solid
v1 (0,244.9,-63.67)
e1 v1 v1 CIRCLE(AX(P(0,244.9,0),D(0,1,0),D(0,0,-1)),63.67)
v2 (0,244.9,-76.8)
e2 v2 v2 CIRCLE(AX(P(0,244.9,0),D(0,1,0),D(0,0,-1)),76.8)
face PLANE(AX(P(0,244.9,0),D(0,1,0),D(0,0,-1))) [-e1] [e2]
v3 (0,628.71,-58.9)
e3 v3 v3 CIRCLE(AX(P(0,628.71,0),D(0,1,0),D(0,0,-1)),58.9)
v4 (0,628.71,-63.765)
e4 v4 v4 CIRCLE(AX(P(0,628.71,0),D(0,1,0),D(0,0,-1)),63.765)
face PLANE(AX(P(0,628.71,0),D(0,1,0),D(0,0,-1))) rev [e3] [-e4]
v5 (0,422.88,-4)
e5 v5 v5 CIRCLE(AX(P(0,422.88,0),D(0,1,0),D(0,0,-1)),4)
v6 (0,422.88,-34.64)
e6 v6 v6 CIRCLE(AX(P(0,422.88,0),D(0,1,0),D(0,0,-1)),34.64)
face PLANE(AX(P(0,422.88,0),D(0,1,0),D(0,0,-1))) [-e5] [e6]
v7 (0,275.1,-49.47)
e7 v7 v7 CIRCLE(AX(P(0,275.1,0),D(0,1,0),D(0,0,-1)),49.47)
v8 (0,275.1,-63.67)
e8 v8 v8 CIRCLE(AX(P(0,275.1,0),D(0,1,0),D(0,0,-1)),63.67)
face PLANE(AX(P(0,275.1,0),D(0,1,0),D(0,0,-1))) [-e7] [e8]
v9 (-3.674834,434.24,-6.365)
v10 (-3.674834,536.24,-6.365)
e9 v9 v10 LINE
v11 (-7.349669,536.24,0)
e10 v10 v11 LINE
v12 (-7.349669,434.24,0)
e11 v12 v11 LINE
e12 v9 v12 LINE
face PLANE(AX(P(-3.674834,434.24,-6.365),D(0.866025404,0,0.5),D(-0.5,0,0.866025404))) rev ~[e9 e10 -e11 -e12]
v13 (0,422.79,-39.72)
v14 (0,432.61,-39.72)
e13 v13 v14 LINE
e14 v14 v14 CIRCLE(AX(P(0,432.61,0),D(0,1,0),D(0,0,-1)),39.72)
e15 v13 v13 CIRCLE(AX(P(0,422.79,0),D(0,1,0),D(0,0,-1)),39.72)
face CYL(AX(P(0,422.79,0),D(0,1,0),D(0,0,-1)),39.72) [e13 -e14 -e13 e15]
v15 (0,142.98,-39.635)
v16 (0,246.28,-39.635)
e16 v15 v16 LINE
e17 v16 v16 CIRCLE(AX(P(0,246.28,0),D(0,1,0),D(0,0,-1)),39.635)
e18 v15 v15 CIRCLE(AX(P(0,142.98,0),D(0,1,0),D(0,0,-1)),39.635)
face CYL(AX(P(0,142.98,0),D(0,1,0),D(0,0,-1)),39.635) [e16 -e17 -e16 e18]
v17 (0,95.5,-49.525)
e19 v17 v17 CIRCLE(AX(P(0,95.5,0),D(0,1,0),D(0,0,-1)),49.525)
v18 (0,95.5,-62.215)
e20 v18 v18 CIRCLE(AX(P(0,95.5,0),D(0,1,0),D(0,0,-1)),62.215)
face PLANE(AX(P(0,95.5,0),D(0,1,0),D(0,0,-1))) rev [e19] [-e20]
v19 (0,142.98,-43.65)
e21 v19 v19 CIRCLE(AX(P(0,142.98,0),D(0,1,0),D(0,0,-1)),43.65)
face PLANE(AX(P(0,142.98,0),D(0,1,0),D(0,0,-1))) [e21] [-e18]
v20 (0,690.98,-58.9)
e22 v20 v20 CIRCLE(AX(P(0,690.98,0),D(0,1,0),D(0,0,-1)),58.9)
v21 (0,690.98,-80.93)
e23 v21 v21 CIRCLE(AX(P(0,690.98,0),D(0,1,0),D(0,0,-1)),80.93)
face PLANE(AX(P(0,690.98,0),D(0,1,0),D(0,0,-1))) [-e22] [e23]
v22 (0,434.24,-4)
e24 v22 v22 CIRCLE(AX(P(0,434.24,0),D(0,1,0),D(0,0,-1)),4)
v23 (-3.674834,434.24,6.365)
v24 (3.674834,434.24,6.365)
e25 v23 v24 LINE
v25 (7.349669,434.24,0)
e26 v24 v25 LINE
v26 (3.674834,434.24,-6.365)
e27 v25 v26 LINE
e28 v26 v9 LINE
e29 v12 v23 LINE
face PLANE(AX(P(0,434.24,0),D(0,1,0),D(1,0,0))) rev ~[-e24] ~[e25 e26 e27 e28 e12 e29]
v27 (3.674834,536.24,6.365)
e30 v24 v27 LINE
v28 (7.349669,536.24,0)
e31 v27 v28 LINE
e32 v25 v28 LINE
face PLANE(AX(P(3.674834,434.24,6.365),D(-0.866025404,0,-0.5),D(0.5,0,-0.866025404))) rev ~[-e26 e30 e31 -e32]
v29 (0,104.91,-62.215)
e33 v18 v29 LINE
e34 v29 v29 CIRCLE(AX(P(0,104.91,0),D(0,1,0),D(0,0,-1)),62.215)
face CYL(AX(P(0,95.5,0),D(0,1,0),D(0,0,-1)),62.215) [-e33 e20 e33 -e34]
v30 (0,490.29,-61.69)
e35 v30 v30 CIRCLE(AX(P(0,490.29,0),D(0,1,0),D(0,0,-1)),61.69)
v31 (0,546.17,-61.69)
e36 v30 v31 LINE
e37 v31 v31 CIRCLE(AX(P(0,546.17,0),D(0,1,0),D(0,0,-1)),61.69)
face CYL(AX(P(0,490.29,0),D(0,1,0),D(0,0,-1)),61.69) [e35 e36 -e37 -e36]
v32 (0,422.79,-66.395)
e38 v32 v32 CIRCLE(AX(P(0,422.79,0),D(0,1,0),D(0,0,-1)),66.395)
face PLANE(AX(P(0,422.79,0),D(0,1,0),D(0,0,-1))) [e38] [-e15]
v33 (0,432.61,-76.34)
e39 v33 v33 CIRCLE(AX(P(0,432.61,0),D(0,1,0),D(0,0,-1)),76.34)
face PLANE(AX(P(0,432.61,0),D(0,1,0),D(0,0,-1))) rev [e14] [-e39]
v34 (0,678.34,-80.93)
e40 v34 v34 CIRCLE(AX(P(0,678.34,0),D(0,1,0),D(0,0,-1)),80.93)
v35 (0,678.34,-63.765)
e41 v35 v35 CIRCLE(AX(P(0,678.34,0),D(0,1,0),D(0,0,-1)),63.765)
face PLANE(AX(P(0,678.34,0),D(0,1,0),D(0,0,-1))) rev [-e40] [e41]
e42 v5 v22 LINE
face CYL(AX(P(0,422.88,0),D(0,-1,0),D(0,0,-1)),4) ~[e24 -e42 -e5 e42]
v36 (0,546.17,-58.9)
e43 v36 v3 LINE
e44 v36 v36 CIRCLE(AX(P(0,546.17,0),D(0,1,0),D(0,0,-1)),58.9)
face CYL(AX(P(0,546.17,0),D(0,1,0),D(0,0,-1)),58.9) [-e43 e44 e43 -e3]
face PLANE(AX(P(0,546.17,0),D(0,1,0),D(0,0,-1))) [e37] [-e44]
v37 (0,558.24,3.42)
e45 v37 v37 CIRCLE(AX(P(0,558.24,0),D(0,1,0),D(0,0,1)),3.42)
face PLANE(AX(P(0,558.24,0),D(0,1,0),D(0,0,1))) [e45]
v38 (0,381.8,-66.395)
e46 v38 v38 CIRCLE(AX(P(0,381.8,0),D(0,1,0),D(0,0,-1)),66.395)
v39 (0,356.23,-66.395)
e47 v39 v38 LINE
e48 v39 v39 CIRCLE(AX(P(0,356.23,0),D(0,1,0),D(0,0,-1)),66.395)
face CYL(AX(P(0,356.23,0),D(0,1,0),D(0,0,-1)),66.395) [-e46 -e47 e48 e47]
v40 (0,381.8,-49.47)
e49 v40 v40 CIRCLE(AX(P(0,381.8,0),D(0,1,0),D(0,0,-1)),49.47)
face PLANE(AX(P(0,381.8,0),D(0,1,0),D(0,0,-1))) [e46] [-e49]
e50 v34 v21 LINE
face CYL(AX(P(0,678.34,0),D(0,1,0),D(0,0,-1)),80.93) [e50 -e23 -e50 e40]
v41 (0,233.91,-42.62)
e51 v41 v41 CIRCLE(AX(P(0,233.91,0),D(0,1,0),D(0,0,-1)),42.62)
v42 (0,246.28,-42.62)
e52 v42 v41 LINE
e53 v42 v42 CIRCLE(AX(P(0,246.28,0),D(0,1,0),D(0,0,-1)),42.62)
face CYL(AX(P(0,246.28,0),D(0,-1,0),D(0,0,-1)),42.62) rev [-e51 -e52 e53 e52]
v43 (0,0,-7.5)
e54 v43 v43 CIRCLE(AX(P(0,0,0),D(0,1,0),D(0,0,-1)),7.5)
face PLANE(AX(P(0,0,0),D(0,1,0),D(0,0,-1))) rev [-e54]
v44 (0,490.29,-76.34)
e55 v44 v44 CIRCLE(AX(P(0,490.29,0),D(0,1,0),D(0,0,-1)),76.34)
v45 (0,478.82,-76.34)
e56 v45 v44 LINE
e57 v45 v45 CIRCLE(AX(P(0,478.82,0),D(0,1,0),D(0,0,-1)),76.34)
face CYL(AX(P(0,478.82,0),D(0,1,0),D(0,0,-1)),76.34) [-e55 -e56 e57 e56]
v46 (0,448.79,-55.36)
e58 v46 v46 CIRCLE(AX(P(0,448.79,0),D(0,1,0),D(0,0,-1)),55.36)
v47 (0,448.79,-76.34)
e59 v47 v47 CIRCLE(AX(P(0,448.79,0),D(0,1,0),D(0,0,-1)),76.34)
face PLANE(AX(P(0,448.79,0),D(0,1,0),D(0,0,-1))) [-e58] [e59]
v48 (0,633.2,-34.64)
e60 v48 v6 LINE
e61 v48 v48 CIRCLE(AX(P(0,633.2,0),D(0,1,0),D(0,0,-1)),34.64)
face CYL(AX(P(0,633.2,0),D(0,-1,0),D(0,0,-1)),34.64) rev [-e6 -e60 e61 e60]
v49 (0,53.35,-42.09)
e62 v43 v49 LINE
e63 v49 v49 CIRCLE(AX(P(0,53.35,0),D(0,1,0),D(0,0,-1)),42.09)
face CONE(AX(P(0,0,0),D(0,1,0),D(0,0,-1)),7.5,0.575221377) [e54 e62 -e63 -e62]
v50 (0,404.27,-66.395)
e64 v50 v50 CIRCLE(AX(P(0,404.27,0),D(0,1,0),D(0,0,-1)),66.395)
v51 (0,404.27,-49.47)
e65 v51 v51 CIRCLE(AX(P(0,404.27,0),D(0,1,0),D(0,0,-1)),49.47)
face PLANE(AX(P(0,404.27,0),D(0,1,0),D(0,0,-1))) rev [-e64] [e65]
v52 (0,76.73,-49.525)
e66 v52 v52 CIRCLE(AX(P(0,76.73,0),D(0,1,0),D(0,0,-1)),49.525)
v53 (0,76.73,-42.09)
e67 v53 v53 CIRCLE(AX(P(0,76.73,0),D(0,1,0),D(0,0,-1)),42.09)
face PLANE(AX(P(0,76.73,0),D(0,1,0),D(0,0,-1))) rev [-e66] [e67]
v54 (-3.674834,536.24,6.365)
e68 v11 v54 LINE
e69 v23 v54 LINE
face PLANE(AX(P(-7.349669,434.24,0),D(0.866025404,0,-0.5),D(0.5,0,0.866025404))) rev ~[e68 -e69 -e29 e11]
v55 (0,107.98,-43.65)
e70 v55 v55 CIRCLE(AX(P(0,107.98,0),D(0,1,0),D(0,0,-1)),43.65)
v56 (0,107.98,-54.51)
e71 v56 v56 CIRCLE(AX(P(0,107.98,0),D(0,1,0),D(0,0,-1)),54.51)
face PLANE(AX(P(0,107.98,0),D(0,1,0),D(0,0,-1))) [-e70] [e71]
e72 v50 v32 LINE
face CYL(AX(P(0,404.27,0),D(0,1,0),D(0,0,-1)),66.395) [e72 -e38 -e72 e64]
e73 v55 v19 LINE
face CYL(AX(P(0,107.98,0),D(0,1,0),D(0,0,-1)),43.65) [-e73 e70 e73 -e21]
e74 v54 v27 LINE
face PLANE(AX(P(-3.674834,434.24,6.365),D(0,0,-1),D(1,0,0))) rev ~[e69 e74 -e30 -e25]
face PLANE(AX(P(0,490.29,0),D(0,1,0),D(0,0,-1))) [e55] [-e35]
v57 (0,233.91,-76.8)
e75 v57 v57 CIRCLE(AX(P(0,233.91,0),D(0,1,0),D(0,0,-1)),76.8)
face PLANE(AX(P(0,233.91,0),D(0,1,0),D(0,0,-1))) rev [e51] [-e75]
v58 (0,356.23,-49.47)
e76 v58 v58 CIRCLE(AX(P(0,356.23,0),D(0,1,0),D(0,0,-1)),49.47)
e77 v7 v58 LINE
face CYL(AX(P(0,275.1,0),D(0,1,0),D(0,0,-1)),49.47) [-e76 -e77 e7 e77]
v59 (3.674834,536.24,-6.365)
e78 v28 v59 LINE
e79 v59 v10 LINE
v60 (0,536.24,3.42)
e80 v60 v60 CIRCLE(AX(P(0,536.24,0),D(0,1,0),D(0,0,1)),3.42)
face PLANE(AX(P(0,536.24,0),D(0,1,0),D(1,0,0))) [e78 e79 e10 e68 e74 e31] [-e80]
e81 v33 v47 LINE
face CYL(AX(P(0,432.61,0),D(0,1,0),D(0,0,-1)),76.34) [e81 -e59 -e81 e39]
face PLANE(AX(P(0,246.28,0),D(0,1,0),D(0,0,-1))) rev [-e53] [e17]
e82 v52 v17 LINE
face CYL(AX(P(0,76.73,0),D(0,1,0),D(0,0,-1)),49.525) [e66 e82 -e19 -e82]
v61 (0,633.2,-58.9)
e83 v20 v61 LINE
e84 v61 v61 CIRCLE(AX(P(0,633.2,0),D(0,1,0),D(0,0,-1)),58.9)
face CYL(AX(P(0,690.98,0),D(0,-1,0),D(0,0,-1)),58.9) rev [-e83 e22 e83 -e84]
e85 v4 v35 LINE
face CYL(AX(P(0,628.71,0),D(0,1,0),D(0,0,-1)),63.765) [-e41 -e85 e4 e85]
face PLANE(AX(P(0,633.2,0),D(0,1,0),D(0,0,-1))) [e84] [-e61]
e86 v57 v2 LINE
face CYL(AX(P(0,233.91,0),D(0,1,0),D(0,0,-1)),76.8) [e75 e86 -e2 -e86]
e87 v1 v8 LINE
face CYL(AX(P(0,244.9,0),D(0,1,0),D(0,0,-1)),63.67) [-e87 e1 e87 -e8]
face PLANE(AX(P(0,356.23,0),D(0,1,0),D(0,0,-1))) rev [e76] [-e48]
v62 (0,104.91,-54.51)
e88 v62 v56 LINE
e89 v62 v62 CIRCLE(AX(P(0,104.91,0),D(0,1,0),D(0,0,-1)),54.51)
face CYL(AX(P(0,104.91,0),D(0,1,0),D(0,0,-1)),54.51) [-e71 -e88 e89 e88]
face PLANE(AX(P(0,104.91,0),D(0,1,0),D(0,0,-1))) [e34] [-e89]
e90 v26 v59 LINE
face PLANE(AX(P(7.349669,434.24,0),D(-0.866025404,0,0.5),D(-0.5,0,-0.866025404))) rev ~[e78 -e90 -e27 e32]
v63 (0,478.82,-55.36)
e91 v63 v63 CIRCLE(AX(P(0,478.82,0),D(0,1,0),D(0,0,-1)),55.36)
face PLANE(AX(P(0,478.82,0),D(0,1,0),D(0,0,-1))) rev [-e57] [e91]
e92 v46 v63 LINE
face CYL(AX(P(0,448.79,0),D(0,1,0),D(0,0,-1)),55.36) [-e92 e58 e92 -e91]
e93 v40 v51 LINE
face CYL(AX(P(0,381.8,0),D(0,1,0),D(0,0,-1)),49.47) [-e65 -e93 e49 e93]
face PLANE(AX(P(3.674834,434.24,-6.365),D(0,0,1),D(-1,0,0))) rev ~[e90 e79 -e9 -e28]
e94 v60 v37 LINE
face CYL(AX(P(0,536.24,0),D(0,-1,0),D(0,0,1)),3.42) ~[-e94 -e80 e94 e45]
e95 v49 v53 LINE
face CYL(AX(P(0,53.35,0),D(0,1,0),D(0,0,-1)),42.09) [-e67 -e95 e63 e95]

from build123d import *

# Parameters (mm, degrees)
SKETCH_2_R      = 4
EXTRUDE_1_DEPTH = 11.36
EXTRUDE_2_DEPTH = 102
SKETCH_4_R      = 3.42
EXTRUDE_3_DEPTH = 22


with BuildPart() as part:
    # 草图1 → 旋转1 (revolve)
    with BuildSketch(Plane.XY, mode=Mode.PRIVATE) as revolve_1_sk:
        Polygon((0, 0), (7.5, 0), (42.09, 53.35), (42.09, 76.73), (49.525, 76.73), (49.525, 95.5), (62.215, 95.5), (62.215, 104.91), (54.51, 104.91), (54.51, 107.98), (43.65, 107.98), (43.65, 142.98), (39.635, 142.98), (39.635, 246.28), (42.62, 246.28), (42.62, 233.91), (76.8, 233.91), (76.8, 244.9), (63.67, 244.9), (63.67, 275.1), (49.47, 275.1), (49.47, 356.23), (66.395, 356.23), (66.395, 381.8), (49.47, 381.8), (49.47, 404.27), (66.395, 404.27), (66.395, 422.79), (39.72, 422.79), (39.72, 432.61), (76.34, 432.61), (76.34, 448.79), (55.36, 448.79), (55.36, 478.82), (76.34, 478.82), (76.34, 490.29), (61.69, 490.29), (61.69, 546.17), (58.9, 546.17), (58.9, 628.71), (63.765, 628.71), (63.765, 678.34), (80.93, 678.34), (80.93, 690.98), (58.9, 690.98), (58.9, 633.2), (34.64, 633.2), (34.64, 422.88), (0, 422.88), align=None)
    revolve(revolve_1_sk.sketch.rotate(Axis((0, 0, 0), (0, 1, 0)), 90), axis=Axis((0, 0, 0), (0, 1, 0)))

    # 草图2 → 凸台-拉伸1 (add)
    with BuildSketch(Plane(origin=(0, 422.88, 0), x_dir=(1, 0, 0), z_dir=(0, 1, 0))):
        with Locations(Location((0, 0, 0), (0, 0, 90))):
            Circle(SKETCH_2_R)
    extrude(amount=EXTRUDE_1_DEPTH)

    # 草图3 → 凸台-拉伸2 (add)
    with BuildSketch(Plane(origin=(0, 434.24, 0), x_dir=(1, 0, 0), z_dir=(0, 1, 0))):
        Polygon((7.349668927, 0), (3.674834463, 6.365), (-3.674834463, 6.365), (-7.349668927, 0), (-3.674834463, -6.365), (3.674834463, -6.365), align=None)
    extrude(amount=EXTRUDE_2_DEPTH)

    # 草图4 → 凸台-拉伸3 (add)
    with BuildSketch(Plane(origin=(0, 536.24, 0), x_dir=(1, 0, 0), z_dir=(0, 1, 0))):
        with Locations(Location((0, 0, 0), (0, 0, 270))):
            Circle(SKETCH_4_R)
    extrude(amount=EXTRUDE_3_DEPTH)


solid = part.part
